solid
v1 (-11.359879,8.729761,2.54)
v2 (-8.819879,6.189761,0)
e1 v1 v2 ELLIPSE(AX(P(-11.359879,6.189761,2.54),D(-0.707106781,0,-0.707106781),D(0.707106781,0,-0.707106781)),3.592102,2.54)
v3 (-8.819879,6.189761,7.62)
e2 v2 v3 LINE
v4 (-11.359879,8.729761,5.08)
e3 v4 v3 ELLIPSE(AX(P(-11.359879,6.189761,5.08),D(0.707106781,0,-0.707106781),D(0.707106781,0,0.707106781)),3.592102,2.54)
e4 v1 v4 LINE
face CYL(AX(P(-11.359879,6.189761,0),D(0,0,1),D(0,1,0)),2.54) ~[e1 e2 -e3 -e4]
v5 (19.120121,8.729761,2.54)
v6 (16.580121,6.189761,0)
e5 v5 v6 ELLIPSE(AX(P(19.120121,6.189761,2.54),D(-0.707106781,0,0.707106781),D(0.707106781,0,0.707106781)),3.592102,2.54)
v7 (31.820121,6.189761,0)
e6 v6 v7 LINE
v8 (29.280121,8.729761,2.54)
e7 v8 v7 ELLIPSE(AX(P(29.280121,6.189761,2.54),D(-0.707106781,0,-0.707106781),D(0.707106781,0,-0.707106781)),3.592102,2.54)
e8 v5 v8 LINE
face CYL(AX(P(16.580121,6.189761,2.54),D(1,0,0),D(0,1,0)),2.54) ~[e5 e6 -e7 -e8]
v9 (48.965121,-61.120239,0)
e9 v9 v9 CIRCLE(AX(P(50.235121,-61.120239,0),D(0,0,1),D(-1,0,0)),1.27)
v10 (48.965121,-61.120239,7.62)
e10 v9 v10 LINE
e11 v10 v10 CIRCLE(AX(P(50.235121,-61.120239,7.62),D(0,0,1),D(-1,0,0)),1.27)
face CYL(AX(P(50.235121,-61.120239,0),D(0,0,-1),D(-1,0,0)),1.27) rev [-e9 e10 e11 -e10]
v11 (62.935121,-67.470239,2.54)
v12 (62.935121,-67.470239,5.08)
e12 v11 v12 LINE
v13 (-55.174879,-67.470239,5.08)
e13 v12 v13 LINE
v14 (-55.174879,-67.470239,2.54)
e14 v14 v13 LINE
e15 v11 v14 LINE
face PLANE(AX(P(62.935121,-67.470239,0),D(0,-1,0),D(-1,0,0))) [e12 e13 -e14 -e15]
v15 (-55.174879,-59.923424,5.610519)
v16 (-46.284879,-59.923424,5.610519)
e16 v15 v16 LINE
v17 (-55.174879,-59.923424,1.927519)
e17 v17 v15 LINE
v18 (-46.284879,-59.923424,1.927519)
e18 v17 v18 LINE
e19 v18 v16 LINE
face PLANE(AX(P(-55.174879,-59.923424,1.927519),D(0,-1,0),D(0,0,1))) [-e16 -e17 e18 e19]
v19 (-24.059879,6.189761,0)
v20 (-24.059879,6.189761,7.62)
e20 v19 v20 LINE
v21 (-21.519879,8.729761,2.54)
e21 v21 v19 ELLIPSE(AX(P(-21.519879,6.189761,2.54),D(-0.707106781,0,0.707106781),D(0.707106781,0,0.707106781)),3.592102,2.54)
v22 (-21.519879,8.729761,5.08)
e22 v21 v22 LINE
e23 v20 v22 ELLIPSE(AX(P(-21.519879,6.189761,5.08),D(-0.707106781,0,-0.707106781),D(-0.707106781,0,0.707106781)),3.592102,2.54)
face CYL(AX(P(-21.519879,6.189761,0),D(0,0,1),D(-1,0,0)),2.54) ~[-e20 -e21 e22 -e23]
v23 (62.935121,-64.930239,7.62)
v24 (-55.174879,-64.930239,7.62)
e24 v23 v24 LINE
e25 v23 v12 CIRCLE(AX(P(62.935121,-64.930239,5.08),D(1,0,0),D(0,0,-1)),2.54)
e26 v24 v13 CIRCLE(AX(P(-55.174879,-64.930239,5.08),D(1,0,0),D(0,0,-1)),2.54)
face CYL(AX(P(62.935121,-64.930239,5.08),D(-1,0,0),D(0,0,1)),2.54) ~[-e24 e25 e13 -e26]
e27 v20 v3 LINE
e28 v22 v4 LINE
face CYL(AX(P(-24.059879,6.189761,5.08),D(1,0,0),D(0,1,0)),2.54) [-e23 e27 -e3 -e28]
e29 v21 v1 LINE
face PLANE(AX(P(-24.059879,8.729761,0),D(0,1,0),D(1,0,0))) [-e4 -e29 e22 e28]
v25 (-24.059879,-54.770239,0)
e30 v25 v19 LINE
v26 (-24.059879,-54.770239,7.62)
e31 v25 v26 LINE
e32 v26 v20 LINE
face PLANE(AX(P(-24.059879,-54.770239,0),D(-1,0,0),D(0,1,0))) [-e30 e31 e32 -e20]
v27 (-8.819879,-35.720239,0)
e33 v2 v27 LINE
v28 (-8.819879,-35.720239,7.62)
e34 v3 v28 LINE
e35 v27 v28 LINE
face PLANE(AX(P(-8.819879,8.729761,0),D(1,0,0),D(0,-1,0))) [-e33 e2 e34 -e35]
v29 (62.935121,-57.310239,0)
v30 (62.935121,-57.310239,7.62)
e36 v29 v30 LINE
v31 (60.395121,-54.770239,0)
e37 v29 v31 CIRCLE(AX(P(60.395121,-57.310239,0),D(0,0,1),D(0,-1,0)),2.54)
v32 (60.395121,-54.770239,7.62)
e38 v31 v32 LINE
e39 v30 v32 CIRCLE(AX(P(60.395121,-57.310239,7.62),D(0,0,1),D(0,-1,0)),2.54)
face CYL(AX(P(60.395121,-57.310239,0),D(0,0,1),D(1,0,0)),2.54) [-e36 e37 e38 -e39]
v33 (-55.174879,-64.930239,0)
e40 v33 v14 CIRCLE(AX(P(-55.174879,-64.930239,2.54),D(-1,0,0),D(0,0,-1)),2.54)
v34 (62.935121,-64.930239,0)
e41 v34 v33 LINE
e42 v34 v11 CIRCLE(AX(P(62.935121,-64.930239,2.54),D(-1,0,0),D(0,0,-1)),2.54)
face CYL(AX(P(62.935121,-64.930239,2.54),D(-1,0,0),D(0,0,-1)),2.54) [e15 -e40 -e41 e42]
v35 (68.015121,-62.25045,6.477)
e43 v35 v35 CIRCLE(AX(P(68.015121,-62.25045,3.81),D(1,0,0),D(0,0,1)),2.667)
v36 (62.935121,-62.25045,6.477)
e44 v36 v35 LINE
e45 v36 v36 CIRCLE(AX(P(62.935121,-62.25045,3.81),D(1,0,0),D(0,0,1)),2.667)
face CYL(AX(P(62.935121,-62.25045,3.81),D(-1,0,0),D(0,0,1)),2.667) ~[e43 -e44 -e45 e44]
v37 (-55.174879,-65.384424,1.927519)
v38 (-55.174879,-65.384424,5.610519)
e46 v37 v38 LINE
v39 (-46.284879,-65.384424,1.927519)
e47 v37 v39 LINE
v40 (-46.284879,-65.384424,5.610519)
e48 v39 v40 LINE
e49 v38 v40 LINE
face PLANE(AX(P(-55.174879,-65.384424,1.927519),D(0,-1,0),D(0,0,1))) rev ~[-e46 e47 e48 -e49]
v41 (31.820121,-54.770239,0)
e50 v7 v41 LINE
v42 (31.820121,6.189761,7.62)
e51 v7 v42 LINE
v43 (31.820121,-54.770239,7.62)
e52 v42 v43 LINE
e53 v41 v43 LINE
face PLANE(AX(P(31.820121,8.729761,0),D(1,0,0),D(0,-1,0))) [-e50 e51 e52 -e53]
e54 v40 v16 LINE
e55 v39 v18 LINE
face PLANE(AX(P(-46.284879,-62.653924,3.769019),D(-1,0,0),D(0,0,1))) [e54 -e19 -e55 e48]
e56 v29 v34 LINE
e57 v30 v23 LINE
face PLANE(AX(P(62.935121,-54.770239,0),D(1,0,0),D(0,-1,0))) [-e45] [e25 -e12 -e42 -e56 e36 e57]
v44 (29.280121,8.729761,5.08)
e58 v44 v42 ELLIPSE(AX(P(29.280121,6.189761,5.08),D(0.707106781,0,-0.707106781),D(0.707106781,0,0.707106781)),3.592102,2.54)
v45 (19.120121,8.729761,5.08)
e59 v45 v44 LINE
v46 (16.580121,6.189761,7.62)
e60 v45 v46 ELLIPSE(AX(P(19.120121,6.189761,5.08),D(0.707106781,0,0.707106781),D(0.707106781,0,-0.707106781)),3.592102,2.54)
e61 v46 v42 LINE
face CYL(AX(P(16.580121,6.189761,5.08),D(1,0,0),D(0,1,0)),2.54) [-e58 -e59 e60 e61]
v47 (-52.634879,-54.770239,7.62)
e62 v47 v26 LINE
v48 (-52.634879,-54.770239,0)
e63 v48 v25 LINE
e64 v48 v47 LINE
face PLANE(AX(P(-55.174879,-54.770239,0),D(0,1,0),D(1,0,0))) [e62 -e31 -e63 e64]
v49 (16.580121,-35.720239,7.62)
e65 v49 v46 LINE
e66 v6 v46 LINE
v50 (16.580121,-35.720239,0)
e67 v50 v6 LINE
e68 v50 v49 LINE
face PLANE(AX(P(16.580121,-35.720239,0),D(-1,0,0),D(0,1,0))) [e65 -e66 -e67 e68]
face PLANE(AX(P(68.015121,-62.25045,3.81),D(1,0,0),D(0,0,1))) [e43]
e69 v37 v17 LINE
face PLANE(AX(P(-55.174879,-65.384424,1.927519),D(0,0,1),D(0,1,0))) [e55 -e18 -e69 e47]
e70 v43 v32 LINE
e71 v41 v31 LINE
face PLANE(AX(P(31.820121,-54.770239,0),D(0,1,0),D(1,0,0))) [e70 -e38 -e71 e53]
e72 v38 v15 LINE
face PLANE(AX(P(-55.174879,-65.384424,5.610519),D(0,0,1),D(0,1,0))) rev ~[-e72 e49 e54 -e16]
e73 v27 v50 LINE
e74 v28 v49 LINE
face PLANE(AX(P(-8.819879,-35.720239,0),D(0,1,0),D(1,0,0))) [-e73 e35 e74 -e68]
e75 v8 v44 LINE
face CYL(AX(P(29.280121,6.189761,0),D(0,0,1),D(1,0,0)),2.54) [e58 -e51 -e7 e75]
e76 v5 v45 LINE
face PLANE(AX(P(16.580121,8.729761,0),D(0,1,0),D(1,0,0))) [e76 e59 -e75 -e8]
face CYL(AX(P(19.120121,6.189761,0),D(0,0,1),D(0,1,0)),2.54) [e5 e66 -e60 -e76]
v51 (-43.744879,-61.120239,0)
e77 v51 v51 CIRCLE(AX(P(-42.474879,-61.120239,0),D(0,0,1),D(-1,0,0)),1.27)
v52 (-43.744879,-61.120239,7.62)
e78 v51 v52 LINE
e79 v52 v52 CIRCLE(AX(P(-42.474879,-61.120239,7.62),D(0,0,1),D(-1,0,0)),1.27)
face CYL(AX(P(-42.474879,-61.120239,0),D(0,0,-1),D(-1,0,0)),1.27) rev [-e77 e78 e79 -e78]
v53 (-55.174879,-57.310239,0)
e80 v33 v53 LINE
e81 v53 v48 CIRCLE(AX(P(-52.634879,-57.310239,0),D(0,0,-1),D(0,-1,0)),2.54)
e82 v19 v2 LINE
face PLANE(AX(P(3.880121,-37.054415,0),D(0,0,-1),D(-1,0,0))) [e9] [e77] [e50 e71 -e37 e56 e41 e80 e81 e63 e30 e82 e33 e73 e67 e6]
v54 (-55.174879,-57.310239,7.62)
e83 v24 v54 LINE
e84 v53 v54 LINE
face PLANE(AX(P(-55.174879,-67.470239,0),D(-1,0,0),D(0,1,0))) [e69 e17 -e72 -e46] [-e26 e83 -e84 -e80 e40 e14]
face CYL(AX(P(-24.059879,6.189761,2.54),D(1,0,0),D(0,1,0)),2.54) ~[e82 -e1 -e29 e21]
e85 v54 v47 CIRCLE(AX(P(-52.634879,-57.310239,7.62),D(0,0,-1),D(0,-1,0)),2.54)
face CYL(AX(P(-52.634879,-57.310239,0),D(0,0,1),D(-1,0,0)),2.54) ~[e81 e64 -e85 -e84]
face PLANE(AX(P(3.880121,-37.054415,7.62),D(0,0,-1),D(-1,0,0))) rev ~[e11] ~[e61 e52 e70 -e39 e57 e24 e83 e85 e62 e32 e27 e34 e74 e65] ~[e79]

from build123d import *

# Parameters (mm, degrees)
SKETCH1_R           = 1.27
BOSS_EXTRUDE1_DEPTH = 7.62
FILLET1_R           = 2.54
FILLET2_R           = 2.54
FILLET3_R           = 2.54
SKETCH4_R           = 2.667
BOSS_EXTRUDE2_DEPTH = 5.08
SKETCH5_W           = 3.683
SKETCH5_H           = 5.461
CUT_EXTRUDE2_DEPTH  = 8.89


with BuildPart() as part:
    # Sketch1 → Boss-Extrude1 (new body)
    with BuildSketch(Plane.XY):
        Polygon((-55.174879418, -67.47023925), (-55.174879418, -54.77023925), (-24.059879418, -54.77023925), (-24.059879418, 8.72976075), (-8.819879418, 8.72976075), (-8.819879418, -35.72023925), (16.580120582, -35.72023925), (16.580120582, 8.72976075), (31.820120582, 8.72976075), (31.820120582, -54.77023925), (62.935120582, -54.77023925), (62.935120582, -67.47023925), align=None)
        with Locations(Location((-42.474879418, -61.12023925, 0), (0, 0, 180))):
            Circle(SKETCH1_R, mode=Mode.SUBTRACT)
        with Locations(Location((50.235120582, -61.12023925, 0), (0, 0, 180))):
            Circle(SKETCH1_R, mode=Mode.SUBTRACT)
    extrude(amount=BOSS_EXTRUDE1_DEPTH)

    # Fillet1
    fillet1_edges = [part.edges().sort_by_distance(p)[0] for p in [
        (-16.439879418, 8.72976075, 0),
        (24.200120582, 8.72976075, 0),
        (24.200120582, 8.72976075, 7.62),
        (-24.059879418, 8.72976075, 3.81),
        (-8.819879418, 8.72976075, 3.81),
        (16.580120582, 8.72976075, 3.81),
        (31.820120582, 8.72976075, 3.81),
        (-16.439879418, 8.72976075, 7.62),
    ]]
    fillet(fillet1_edges, radius=FILLET1_R)

    # Fillet2
    fillet2_edges = [part.edges().sort_by_distance(p)[0] for p in [
        (3.880120582, -67.47023925, 0),
        (3.880120582, -67.47023925, 7.62),
    ]]
    fillet(fillet2_edges, radius=FILLET2_R)

    # Fillet3
    fillet3_edges = [part.edges().sort_by_distance(p)[0] for p in [
        (-55.174879418, -54.77023925, 3.81),
        (62.935120582, -54.77023925, 3.81),
    ]]
    fillet(fillet3_edges, radius=FILLET3_R)

    # Sketch4 → Boss-Extrude2 (add)
    with BuildSketch(Plane(origin=(62.935120582, 0, 0), x_dir=(0, 0, -1), z_dir=(1, 0, 0))):
        with Locations(Location((-3.81, -62.250449816, 0), (0, 0, 180))):
            Circle(SKETCH4_R)
    extrude(amount=BOSS_EXTRUDE2_DEPTH)

    # Sketch5 → Cut-Extrude2 (cut)
    with BuildSketch(Plane.ZY.offset(55.174879418)):
        with Locations((3.769019213, -62.653923663)):
            Rectangle(SKETCH5_W, SKETCH5_H)
    extrude(amount=-CUT_EXTRUDE2_DEPTH, mode=Mode.SUBTRACT)


solid = part.part
